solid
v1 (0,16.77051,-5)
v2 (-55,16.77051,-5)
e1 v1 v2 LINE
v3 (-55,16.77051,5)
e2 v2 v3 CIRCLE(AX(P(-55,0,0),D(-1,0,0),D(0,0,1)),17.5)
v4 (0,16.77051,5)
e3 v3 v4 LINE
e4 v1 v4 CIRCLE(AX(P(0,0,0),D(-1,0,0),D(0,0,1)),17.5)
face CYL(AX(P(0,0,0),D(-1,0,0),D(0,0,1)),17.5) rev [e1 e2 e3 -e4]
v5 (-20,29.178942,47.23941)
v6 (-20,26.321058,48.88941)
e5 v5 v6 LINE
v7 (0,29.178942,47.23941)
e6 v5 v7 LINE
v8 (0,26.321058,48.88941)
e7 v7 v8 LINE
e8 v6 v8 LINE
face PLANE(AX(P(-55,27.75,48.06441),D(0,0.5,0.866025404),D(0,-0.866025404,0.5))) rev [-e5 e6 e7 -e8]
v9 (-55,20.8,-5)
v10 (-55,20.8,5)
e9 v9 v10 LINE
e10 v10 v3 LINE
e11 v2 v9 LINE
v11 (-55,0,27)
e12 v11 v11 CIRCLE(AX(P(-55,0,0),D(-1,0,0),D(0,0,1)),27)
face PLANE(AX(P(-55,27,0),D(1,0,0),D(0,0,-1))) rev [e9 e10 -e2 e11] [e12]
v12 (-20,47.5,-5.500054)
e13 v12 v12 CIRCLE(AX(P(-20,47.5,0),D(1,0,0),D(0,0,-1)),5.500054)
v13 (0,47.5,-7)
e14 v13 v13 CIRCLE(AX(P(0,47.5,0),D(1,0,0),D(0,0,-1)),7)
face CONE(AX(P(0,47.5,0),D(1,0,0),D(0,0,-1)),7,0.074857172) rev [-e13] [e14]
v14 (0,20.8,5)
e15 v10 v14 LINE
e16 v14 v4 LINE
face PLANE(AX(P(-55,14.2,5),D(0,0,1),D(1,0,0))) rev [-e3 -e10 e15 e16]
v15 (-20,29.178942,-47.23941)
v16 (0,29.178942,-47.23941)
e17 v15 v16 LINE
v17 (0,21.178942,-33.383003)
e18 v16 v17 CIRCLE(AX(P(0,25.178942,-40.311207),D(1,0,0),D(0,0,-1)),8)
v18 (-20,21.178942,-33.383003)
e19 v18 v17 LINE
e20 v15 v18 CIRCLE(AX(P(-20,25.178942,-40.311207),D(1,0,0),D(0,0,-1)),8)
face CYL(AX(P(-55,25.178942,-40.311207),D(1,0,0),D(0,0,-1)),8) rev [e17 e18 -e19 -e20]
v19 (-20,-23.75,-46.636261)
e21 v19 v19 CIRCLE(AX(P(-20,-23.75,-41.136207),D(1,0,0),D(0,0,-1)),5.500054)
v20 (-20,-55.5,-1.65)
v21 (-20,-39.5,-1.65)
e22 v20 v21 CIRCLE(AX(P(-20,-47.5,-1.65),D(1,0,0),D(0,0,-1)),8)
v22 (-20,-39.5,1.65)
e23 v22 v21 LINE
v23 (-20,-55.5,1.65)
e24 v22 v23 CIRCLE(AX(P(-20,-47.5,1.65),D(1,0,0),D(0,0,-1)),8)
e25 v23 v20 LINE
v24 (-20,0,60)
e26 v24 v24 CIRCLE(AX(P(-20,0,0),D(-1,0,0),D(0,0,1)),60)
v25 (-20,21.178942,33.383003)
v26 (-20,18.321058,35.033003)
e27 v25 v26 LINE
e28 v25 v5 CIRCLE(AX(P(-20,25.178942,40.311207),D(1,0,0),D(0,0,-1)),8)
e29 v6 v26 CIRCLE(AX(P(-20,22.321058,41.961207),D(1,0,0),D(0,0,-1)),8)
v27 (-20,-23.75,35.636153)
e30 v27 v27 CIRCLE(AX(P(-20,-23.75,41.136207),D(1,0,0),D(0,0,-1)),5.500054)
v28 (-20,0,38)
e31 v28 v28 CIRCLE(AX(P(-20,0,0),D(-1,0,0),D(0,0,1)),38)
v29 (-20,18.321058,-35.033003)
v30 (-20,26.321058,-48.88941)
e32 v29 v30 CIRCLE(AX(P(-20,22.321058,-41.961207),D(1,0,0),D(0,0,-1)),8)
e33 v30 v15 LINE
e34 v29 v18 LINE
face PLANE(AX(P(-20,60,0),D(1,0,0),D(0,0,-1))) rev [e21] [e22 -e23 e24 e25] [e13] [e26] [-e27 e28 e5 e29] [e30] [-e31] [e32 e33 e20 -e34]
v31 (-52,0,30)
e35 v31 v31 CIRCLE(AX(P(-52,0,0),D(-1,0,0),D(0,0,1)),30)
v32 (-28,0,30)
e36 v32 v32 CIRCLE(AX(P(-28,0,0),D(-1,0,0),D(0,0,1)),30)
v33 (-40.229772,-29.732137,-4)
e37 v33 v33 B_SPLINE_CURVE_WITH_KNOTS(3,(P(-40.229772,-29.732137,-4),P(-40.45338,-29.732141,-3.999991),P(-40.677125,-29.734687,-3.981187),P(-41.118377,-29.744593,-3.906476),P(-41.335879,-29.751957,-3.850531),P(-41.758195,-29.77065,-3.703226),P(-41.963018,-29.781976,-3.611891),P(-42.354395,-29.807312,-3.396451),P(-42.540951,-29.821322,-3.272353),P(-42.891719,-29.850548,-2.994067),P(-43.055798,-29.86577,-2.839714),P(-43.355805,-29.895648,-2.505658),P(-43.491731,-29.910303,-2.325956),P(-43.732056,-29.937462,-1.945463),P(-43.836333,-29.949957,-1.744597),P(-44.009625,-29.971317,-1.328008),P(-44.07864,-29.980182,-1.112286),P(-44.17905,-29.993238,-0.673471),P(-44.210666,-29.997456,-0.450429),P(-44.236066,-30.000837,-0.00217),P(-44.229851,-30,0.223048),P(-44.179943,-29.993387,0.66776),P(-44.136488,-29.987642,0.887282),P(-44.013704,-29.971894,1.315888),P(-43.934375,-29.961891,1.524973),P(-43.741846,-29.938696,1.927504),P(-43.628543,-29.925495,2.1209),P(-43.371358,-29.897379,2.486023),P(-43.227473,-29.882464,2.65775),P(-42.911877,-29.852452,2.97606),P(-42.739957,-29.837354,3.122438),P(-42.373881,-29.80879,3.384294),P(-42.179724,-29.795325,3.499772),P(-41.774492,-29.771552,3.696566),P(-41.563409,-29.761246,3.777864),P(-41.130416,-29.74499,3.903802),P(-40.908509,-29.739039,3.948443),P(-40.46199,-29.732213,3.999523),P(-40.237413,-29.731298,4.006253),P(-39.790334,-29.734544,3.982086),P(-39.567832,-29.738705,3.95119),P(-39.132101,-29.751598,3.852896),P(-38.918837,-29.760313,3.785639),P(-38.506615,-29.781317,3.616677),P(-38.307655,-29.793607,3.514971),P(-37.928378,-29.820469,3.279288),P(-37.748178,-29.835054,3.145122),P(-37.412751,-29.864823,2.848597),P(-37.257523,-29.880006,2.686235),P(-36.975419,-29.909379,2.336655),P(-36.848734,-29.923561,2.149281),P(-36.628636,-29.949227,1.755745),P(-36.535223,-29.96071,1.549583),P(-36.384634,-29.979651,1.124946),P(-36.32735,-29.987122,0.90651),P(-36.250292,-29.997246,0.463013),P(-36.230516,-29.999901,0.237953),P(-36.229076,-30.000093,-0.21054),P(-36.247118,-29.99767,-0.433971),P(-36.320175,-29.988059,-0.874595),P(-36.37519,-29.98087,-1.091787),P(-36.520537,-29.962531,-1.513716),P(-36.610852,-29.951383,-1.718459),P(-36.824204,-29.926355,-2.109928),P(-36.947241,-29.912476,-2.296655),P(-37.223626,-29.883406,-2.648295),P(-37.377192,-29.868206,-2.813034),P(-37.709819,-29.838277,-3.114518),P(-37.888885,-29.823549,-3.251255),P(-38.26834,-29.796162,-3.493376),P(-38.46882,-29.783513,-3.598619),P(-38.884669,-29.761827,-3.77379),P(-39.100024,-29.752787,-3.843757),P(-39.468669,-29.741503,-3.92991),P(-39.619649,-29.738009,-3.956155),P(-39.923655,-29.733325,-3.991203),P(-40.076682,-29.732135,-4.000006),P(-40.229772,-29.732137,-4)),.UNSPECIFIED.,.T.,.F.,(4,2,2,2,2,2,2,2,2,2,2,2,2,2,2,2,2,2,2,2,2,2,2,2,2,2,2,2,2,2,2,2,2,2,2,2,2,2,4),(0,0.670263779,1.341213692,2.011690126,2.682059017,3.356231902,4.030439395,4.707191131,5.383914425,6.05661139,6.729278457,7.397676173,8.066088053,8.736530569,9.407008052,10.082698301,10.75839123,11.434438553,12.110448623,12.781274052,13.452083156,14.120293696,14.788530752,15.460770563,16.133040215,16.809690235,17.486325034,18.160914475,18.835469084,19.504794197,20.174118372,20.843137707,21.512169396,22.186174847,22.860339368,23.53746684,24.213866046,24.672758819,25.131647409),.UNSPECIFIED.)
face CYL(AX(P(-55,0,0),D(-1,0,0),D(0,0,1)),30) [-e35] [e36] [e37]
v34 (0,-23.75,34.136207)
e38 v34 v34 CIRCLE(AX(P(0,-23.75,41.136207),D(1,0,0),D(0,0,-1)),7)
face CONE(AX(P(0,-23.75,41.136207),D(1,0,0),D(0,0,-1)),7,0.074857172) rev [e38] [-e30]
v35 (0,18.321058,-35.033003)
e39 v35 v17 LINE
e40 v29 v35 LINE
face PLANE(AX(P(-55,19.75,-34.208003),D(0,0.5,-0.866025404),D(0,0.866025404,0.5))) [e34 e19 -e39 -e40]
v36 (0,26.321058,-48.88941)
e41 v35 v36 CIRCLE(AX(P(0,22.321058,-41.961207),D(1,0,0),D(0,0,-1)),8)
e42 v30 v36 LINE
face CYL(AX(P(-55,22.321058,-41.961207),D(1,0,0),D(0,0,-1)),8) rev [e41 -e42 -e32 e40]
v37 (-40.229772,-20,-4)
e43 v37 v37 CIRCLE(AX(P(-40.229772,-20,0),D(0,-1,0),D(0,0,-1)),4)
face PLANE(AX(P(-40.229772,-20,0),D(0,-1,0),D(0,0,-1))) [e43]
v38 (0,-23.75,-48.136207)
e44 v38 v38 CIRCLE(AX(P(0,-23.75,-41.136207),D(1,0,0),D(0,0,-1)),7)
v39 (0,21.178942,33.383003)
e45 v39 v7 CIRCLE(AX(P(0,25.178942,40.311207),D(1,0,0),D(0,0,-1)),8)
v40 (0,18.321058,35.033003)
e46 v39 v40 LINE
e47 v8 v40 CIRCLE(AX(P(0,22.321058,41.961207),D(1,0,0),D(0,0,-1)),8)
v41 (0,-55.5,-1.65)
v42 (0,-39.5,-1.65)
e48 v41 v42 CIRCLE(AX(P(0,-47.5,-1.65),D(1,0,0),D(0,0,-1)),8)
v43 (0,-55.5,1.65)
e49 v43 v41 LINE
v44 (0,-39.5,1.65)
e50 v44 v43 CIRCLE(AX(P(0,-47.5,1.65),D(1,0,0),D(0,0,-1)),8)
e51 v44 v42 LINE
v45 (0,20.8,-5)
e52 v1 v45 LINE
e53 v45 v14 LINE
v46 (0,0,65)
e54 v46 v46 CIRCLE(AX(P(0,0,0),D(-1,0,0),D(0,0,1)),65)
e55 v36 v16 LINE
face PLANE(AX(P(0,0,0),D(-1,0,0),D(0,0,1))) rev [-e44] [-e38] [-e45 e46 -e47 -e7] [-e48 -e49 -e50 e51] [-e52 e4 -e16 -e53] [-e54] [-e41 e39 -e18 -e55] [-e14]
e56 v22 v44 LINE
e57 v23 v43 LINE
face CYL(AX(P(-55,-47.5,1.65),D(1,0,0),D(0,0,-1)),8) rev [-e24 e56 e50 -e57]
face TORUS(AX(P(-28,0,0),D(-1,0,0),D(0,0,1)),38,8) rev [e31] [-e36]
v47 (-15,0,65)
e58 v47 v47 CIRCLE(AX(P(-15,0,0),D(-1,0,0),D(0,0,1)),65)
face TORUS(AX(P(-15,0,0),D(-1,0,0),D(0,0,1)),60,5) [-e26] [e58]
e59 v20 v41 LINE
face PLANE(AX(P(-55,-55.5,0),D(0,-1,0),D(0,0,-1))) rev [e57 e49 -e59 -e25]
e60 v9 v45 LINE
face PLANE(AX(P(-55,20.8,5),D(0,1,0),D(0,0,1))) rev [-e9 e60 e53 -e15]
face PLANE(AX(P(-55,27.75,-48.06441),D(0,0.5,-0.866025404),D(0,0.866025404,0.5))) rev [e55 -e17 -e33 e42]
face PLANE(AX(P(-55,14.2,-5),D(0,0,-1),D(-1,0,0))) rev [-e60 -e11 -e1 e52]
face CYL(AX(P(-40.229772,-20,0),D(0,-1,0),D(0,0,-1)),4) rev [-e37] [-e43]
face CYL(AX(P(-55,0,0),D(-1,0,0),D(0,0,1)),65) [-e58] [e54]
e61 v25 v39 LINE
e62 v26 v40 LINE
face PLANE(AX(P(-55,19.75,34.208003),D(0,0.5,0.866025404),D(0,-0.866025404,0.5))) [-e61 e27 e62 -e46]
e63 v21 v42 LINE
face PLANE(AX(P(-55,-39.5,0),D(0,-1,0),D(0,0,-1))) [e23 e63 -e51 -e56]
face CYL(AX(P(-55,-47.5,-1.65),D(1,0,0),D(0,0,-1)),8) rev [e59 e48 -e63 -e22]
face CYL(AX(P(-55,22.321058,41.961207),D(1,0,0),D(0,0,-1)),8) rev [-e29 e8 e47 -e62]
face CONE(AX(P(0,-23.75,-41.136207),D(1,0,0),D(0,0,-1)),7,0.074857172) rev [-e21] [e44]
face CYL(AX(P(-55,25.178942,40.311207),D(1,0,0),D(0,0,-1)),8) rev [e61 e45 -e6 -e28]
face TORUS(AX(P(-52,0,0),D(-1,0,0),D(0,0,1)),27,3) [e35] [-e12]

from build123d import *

# Parameters (mm, degrees)
SKETCH2_R          = 17.5
CUT_EXTRUDE1_DEPTH = 108.12142655
SKETCH3_W          = 10
SKETCH3_H          = 6.6
CUT_EXTRUDE2_DEPTH = 108.12142655
SKETCH4_R          = 4
CUT_EXTRUDE3_DEPTH = 10
CUT_EXTRUDE4_DEPTH = 108.12142655


with BuildPart() as part:
    # Sketch1 → Revolve1 (revolve)
    with BuildSketch(Plane.XY):
        with BuildLine():
            Line((-55, 0), (0, 0))
            Line((0, 0), (0, 65))
            Line((0, 65), (-15, 65))
            ThreePointArc((-15, 65), (-18.535533906, 63.535533906), (-20, 60))
            Line((-20, 60), (-20, 38))
            ThreePointArc((-20, 38), (-22.343145751, 32.343145751), (-28, 30))
            Line((-28, 30), (-52, 30))
            ThreePointArc((-52, 30), (-54.121320344, 29.121320344), (-55, 27))
            Line((-55, 27), (-55, 0))
        make_face()
    revolve(axis=Axis((-55, 0, 0), (1, 0, 0)))

    # Sketch2 → Cut-Extrude1 (cut, through all)
    with BuildSketch(Plane.ZY.offset(55)):
        Circle(SKETCH2_R)
    extrude(amount=-CUT_EXTRUDE1_DEPTH, mode=Mode.SUBTRACT)

    # Sketch3 → Cut-Extrude2 (cut, through all)
    with BuildSketch(Plane(origin=(0, 0, 0), x_dir=(0, 0, -1), z_dir=(1, 0, 0))):
        with Locations((0, 17.5)):
            Rectangle(SKETCH3_W, SKETCH3_H)
    extrude(amount=-CUT_EXTRUDE2_DEPTH, mode=Mode.SUBTRACT)

    # Sketch4 → Cut-Extrude3 (cut)
    with BuildSketch(Plane(origin=(0, -30, 0), x_dir=(-1, 0, 0), z_dir=(0, -1, 0))):
        with Locations((40.229772479, 0)):
            Circle(SKETCH4_R)
    extrude(amount=-CUT_EXTRUDE3_DEPTH, mode=Mode.SUBTRACT)

    # Sketch5 → Cut-Extrude4 (cut, through all)
    with BuildSketch(Plane(origin=(0, 0, 0), x_dir=(0, 0, -1), z_dir=(1, 0, 0))):
        with BuildLine():
            Line((1.65, -39.5), (-1.65, -39.5))
            ThreePointArc((-1.65, -39.5), (-9.65, -47.5), (-1.65, -55.5))
            Line((-1.65, -55.5), (1.65, -55.5))
            ThreePointArc((1.65, -55.5), (9.65, -47.5), (1.65, -39.5))
        make_face()
        with BuildLine():
            ThreePointArc((-48.88940991, 26.321058084), (-45.96120668, 15.392854853), (-35.033003449, 18.321058084))
            Line((-35.033003449, 18.321058084), (-33.383003449, 21.178941916))
            ThreePointArc((-33.383003449, 21.178941916), (-36.31120668, 32.107145147), (-47.23940991, 29.178941916))
            Line((-47.23940991, 29.178941916), (-48.88940991, 26.321058084))
        make_face()
        with BuildLine():
            ThreePointArc((35.033003449, 18.321058084), (45.96120668, 15.392854853), (48.88940991, 26.321058084))
            Line((48.88940991, 26.321058084), (47.23940991, 29.178941916))
            ThreePointArc((47.23940991, 29.178941916), (36.31120668, 32.107145147), (33.383003449, 21.178941916))
            Line((33.383003449, 21.178941916), (35.033003449, 18.321058084))
        make_face()
    extrude(amount=-CUT_EXTRUDE4_DEPTH, mode=Mode.SUBTRACT)

    # Cut-Extrude5 cone 1 section (through the dimple's axis) → Cut-Extrude5 (revolve, cut)
    with BuildSketch(Plane(origin=(0, -23.75, 41.13620668), x_dir=(0, 0, -1), z_dir=(0, 1, 0))):
        Polygon((0, 0), (7, 0), (0, 93.336682434), align=None)
    revolve(axis=Axis((0, -23.75, 41.13620668), (-1, 0, 0)), mode=Mode.SUBTRACT)

    # Cut-Extrude5 cone 2 section (through the dimple's axis) → Cut-Extrude5 cone 2 (revolve, cut)
    with BuildSketch(Plane(origin=(0, -23.75, -41.13620668), x_dir=(0, 0, -1), z_dir=(0, 1, 0))):
        Polygon((0, 0), (7, 0), (0, 93.336682434), align=None)
    revolve(axis=Axis((0, -23.75, -41.13620668), (-1, 0, 0)), mode=Mode.SUBTRACT)

    # Cut-Extrude5 cone 3 section (through the dimple's axis) → Cut-Extrude5 cone 3 (revolve, cut)
    with BuildSketch(Plane(origin=(0, 47.5, 0), x_dir=(0, 0, -1), z_dir=(0, 1, 0))):
        Polygon((0, 0), (7, 0), (0, 93.336682434), align=None)
    revolve(axis=Axis((0, 47.5, 0), (-1, 0, 0)), mode=Mode.SUBTRACT)


solid = part.part
